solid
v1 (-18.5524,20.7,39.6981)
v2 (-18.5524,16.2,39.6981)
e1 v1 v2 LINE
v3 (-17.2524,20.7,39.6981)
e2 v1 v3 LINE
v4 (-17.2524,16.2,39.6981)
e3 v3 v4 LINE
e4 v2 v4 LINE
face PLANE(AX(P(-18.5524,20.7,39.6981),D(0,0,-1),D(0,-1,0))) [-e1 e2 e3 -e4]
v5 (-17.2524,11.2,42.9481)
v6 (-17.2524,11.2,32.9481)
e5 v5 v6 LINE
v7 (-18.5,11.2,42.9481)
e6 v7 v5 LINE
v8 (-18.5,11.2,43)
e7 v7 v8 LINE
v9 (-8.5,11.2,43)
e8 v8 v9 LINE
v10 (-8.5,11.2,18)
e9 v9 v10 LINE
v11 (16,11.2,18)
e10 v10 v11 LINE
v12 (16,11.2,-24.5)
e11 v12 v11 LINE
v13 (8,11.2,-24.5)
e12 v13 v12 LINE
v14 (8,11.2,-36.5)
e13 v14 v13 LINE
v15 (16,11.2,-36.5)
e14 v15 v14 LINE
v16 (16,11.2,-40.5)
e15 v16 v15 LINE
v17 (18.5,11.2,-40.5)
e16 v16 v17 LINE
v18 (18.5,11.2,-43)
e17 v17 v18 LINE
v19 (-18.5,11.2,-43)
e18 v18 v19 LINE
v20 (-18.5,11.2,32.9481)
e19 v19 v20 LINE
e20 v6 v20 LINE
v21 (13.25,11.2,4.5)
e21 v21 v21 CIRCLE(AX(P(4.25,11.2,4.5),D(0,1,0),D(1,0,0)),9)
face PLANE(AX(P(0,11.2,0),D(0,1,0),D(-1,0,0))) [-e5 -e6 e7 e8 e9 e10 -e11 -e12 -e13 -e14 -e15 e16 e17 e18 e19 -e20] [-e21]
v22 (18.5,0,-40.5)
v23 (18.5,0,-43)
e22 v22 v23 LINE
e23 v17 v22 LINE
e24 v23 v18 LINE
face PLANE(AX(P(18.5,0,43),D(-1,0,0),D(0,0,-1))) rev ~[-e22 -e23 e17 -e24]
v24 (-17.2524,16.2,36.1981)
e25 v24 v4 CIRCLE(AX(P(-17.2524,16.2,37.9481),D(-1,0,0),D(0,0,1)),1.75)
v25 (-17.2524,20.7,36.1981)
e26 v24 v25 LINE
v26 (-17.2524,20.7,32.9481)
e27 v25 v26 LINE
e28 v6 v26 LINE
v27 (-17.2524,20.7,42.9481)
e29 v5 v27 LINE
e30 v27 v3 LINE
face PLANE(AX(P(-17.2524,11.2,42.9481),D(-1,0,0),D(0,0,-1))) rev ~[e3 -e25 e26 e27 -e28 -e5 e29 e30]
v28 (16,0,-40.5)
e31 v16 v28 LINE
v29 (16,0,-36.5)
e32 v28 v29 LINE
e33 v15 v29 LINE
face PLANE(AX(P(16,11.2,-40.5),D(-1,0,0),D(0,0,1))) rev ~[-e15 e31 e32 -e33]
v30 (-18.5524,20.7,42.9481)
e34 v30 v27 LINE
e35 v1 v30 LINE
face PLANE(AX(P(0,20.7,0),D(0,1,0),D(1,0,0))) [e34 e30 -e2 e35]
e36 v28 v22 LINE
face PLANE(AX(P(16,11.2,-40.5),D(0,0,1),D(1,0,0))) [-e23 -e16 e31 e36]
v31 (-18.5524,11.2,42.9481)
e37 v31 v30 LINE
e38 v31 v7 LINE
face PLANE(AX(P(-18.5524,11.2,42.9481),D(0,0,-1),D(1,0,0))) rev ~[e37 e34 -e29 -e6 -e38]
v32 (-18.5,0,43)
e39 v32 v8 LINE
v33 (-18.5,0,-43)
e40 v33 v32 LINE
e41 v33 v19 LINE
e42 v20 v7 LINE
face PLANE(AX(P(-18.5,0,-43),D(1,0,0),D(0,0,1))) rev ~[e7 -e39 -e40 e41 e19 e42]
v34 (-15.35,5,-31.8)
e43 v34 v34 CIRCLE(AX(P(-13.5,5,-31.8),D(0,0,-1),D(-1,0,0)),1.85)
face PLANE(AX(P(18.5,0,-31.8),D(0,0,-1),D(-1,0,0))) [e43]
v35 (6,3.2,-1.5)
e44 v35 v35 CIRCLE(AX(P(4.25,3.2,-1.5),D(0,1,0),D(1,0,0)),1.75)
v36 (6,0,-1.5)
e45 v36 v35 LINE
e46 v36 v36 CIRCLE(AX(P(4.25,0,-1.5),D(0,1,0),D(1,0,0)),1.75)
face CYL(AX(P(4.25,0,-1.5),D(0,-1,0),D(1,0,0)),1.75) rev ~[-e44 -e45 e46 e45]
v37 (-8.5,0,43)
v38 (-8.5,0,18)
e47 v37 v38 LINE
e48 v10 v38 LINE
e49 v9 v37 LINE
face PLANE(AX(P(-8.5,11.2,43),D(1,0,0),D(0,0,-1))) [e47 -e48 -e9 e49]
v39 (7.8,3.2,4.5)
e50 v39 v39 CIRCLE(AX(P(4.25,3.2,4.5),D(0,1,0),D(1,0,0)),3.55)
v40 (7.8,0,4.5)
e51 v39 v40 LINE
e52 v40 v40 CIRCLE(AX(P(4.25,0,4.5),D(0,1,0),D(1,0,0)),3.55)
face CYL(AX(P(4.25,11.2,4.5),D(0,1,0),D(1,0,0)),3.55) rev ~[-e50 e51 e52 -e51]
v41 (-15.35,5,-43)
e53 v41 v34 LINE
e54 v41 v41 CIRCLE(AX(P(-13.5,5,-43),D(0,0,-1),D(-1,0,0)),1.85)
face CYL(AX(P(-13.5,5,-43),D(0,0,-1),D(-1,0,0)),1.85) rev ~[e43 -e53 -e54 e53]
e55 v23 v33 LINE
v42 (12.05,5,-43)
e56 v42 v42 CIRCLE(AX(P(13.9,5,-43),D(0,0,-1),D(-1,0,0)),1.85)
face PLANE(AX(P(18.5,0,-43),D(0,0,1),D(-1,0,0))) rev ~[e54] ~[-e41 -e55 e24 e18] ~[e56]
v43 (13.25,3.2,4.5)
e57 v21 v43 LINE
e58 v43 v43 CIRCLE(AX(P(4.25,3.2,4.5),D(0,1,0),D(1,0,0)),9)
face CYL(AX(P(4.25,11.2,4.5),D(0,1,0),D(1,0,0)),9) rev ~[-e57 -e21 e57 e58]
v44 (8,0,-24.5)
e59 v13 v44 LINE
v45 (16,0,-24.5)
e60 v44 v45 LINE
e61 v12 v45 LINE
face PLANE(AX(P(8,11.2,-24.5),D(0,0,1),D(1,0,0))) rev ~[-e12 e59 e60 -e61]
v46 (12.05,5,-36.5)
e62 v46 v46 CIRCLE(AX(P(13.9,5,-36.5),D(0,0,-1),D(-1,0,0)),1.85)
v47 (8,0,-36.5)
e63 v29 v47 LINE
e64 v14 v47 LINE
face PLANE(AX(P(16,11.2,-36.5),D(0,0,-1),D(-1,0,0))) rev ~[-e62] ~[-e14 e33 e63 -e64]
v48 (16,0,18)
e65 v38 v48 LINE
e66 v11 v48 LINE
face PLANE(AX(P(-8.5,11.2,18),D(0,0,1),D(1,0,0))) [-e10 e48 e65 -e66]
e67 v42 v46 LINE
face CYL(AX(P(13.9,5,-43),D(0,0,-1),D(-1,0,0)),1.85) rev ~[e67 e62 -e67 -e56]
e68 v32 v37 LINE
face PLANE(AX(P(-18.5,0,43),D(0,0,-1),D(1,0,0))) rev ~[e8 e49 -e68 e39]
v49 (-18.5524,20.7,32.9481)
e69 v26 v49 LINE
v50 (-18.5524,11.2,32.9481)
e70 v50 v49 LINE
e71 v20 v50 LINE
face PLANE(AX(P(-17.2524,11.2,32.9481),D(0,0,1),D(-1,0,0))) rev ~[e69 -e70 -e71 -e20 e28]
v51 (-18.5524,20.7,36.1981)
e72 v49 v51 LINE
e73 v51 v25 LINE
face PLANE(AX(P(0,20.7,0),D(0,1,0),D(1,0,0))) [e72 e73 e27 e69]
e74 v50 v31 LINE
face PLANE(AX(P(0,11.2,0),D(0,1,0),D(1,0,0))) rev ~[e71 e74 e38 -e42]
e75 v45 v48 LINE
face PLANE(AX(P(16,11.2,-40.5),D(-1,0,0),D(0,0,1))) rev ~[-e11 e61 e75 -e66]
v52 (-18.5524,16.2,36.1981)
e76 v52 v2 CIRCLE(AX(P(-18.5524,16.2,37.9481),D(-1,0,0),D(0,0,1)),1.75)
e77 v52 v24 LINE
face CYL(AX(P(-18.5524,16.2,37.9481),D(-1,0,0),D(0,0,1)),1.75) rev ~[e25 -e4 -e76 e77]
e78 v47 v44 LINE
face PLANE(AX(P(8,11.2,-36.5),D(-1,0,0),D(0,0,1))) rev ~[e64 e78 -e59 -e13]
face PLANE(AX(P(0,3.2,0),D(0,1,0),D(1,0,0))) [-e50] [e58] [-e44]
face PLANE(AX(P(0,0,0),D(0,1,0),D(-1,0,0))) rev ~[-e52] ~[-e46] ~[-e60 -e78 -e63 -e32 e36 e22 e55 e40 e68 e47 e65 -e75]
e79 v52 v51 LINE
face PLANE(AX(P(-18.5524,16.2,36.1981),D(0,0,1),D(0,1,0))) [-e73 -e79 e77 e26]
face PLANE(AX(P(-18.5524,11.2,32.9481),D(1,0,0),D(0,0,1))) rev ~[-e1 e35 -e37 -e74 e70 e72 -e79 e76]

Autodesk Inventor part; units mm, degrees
ref_plane "YZ Plane" through (0, 0, 0) normal (1, 0, 0) x (0, 1, 0)
ref_plane "XZ Plane" through (0, 0, 0) normal (0, 1, 0) x (-1, 0, 0)
ref_plane "XY Plane" through (0, 0, 0) normal (0, 0, 1) x (1, 0, 0)
sketch "Sketch1" plane through (0, 0, 0) normal (0, 1, 0) x (-1, 0, 0)
  line L0 (18.5, 43) -> (-18.5, 43)
  line L1 (-18.5, 43) -> (-18.5, -43)
  line L2 (-18.5, -43) -> (18.5, -43)
  line L3 (18.5, -43) -> (18.5, 43)
  line L4 (18.5, 43) -> (-18.5, -43) construction
  line L5 (-18.5, 43) -> (18.5, -43) construction
  point P0 (0, 0)
  dimension "d0" = 37
  dimension "d1" = 86
extrude "Body" add sketch "Sketch1" along normal blind 11.2
sketch "Sketch2" plane through (18.5, 0, -43) normal (0, 0, -1) x (-1, 0, 0)
  circle A0 centre (32, 5) radius 1.85
  line L0 (37, 0) -> (37, 11.2) projected
  line L1 (0, 0) -> (37, 0) projected
  circle A1 centre (4.6, 5) radius 1.85
  line L2 (0, 0) -> (0, 11.2) projected
  point P0 (18.5, 0)
  dimension "d4" = 3.7
  dimension "d5" = 5
  dimension "d6" = 5
  dimension "d7" = 3.7
  dimension "d8" = 5
  dimension "d9" = 4.6
extrude "Side Mounts" cut sketch "Sketch2" against normal blind 11.2
sketch "Sketch3" plane through (0, 11.2, 0) normal (0, 1, 0) x (1, 0, 0)
  line L0 (-18.5, -43) -> (18.5, -43) projected
  line L1 (18.5, 43) -> (16, 43)
  line L2 (16, 43) -> (16, -43)
  line L3 (16, -43) -> (18.5, -43)
  line L4 (18.5, -43) -> (18.5, 43)
  line L5 (16, 40.5) -> (18.5, 40.5)
  point P0 (0, 0)
  point P1 (17.25, 43)
  point P2 (17.25, 40.5)
  dimension "d12" = 2.5
  dimension "d13" = 2.5
extrude "mains cutout" cut sketch "Sketch3" against normal up to surface (11.2 mm away) contours L2 L5 L4 L0
sketch "Sketch4" plane through (0, 11.2, 0) normal (0, 1, 0) x (1, 0, 0)
  line L0 (16, 40.5) -> (16, -43) projected
  line L1 (-18.5, -43) -> (-8.5, -43)
  line L2 (-8.5, -43) -> (-8.5, -18)
  line L3 (-8.5, -18) -> (16, -18)
  line L4 (16, -43) -> (-8.5, -43)
  point P0 (0, 0)
  dimension "d19" = 25
extrude "screen cut out" cut sketch "Sketch4" against normal up to surface (11.2 mm away)
sketch "Sketch5" plane through (0, 11.2, 0) normal (0, 1, 0) x (1, 0, 0)
  line L0 (-18.5524, -42.9481) -> (-17.2524, -42.9481)
  line L1 (-17.2524, -42.9481) -> (-17.2524, -32.9481)
  line L2 (-17.2524, -32.9481) -> (-18.5524, -32.9481)
  line L3 (-18.5524, -32.9481) -> (-18.5524, -42.9481)
  point P0 (0, 0)
  dimension "d22" = 1.3
  dimension "d23" = 10
extrude "top mount bracket" add sketch "Sketch5" along normal blind 9.5
sketch "Sketch6" plane through (-18.5524, 11.2, 32.9481) normal (-1, 0, 0) x (0, 0, 1)
  circle A0 centre (5, 5) radius 1.75
  line L0 (0, 9.5) -> (10, 9.5) projected
  line L1 (0, 0) -> (0, 9.5) projected
  line L2 (3.25, 5) -> (3.25, 9.5)
  line L3 (6.75, 9.5) -> (6.75, 5)
  point P0 (-32.9481, -11.2)
  dimension "d26" = 3.5
  dimension "d27" = 4.5
  dimension "d28" = 5
extrude "top mount hole" cut sketch "Sketch6" against normal up to surface (1.3 mm away)
sketch "Sketch7" plane through (0, 11.2, 0) normal (0, 1, 0) x (1, 0, 0)
  circle A0 centre (4.25, -4.5) radius 3.55
  line L0 (-18.5, 43) -> (-18.5, -32.9481) projected
  line L1 (-18.5, -43) -> (-8.5, -43) projected
  point P0 (0, 0)
  dimension "d32" = 7.1
  dimension "d33" = 22.75
  dimension "d34" = 38.5
extrude "Pot hole" cut sketch "Sketch7" against normal up to surface (11.2 mm away)
sketch "Sketch8" plane through (0, 11.2, 0) normal (0, 1, 0) x (1, 0, 0)
  circle A0 centre (4.25, -4.5) radius 9
  point P0 (0, 0)
  dimension "d37" = 18
extrude "Extrusion8" cut sketch "Sketch8" against normal blind 8
sketch "Sketch9" plane through (0, 11.2, 0) normal (0, 1, 0) x (1, 0, 0)
  line L0 (16, -18) -> (16, 40.5) projected
  line L1 (16, 40.5) -> (16, 28.5)
  line L2 (16, 40.5) -> (16, 36.5)
  line L3 (16, 36.5) -> (8, 36.5)
  line L4 (8, 36.5) -> (8, 24.5)
  line L5 (8, 24.5) -> (16, 24.5)
  line L6 (16, 24.5) -> (16, 36.5)
  point P0 (0, 0)
  dimension "d42" = 4
  dimension "d43" = 8
  dimension "d44" = 12
extrude "Extrusion9" cut sketch "Sketch9" against normal up to surface (11.2 mm away)
sketch "Sketch10" plane through (0, 11.2, 0) normal (0, 1, 0) x (1, 0, 0)
  line L0 (16, 36.5) -> (16, 40.5) projected
  line L1 (-17.2524, -32.9481) -> (-17.2524, -42.9481) projected
  line L2 (16, 36.5) -> (-17.2524, 36.5)
  line L3 (-17.2524, 36.5) -> (-17.2524, -42.9481)
  line L4 (-17.2524, -42.9481) -> (16, -42.9481)
  line L5 (16, -42.9481) -> (16, 36.5)
  point P0 (0, 0)
sketch "encoder locator" plane through (0, 0, 0) normal (0, -1, 0) x (1, 0, 0)
  line L0 (4.25, 4.5) -> (4.25, -1.5)
  circle A0 centre (4.25, -1.5) radius 1.75
  point P0 (0, 0)
  dimension "d49" = 6
  dimension "d50" = 3.5
extrude "Extrusion11" cut sketch "encoder locator" against normal up to surface (3.2 mm away)
equation "\"d8\" = d6"
properties part number "Knob Bracket v4_3DPrint"
